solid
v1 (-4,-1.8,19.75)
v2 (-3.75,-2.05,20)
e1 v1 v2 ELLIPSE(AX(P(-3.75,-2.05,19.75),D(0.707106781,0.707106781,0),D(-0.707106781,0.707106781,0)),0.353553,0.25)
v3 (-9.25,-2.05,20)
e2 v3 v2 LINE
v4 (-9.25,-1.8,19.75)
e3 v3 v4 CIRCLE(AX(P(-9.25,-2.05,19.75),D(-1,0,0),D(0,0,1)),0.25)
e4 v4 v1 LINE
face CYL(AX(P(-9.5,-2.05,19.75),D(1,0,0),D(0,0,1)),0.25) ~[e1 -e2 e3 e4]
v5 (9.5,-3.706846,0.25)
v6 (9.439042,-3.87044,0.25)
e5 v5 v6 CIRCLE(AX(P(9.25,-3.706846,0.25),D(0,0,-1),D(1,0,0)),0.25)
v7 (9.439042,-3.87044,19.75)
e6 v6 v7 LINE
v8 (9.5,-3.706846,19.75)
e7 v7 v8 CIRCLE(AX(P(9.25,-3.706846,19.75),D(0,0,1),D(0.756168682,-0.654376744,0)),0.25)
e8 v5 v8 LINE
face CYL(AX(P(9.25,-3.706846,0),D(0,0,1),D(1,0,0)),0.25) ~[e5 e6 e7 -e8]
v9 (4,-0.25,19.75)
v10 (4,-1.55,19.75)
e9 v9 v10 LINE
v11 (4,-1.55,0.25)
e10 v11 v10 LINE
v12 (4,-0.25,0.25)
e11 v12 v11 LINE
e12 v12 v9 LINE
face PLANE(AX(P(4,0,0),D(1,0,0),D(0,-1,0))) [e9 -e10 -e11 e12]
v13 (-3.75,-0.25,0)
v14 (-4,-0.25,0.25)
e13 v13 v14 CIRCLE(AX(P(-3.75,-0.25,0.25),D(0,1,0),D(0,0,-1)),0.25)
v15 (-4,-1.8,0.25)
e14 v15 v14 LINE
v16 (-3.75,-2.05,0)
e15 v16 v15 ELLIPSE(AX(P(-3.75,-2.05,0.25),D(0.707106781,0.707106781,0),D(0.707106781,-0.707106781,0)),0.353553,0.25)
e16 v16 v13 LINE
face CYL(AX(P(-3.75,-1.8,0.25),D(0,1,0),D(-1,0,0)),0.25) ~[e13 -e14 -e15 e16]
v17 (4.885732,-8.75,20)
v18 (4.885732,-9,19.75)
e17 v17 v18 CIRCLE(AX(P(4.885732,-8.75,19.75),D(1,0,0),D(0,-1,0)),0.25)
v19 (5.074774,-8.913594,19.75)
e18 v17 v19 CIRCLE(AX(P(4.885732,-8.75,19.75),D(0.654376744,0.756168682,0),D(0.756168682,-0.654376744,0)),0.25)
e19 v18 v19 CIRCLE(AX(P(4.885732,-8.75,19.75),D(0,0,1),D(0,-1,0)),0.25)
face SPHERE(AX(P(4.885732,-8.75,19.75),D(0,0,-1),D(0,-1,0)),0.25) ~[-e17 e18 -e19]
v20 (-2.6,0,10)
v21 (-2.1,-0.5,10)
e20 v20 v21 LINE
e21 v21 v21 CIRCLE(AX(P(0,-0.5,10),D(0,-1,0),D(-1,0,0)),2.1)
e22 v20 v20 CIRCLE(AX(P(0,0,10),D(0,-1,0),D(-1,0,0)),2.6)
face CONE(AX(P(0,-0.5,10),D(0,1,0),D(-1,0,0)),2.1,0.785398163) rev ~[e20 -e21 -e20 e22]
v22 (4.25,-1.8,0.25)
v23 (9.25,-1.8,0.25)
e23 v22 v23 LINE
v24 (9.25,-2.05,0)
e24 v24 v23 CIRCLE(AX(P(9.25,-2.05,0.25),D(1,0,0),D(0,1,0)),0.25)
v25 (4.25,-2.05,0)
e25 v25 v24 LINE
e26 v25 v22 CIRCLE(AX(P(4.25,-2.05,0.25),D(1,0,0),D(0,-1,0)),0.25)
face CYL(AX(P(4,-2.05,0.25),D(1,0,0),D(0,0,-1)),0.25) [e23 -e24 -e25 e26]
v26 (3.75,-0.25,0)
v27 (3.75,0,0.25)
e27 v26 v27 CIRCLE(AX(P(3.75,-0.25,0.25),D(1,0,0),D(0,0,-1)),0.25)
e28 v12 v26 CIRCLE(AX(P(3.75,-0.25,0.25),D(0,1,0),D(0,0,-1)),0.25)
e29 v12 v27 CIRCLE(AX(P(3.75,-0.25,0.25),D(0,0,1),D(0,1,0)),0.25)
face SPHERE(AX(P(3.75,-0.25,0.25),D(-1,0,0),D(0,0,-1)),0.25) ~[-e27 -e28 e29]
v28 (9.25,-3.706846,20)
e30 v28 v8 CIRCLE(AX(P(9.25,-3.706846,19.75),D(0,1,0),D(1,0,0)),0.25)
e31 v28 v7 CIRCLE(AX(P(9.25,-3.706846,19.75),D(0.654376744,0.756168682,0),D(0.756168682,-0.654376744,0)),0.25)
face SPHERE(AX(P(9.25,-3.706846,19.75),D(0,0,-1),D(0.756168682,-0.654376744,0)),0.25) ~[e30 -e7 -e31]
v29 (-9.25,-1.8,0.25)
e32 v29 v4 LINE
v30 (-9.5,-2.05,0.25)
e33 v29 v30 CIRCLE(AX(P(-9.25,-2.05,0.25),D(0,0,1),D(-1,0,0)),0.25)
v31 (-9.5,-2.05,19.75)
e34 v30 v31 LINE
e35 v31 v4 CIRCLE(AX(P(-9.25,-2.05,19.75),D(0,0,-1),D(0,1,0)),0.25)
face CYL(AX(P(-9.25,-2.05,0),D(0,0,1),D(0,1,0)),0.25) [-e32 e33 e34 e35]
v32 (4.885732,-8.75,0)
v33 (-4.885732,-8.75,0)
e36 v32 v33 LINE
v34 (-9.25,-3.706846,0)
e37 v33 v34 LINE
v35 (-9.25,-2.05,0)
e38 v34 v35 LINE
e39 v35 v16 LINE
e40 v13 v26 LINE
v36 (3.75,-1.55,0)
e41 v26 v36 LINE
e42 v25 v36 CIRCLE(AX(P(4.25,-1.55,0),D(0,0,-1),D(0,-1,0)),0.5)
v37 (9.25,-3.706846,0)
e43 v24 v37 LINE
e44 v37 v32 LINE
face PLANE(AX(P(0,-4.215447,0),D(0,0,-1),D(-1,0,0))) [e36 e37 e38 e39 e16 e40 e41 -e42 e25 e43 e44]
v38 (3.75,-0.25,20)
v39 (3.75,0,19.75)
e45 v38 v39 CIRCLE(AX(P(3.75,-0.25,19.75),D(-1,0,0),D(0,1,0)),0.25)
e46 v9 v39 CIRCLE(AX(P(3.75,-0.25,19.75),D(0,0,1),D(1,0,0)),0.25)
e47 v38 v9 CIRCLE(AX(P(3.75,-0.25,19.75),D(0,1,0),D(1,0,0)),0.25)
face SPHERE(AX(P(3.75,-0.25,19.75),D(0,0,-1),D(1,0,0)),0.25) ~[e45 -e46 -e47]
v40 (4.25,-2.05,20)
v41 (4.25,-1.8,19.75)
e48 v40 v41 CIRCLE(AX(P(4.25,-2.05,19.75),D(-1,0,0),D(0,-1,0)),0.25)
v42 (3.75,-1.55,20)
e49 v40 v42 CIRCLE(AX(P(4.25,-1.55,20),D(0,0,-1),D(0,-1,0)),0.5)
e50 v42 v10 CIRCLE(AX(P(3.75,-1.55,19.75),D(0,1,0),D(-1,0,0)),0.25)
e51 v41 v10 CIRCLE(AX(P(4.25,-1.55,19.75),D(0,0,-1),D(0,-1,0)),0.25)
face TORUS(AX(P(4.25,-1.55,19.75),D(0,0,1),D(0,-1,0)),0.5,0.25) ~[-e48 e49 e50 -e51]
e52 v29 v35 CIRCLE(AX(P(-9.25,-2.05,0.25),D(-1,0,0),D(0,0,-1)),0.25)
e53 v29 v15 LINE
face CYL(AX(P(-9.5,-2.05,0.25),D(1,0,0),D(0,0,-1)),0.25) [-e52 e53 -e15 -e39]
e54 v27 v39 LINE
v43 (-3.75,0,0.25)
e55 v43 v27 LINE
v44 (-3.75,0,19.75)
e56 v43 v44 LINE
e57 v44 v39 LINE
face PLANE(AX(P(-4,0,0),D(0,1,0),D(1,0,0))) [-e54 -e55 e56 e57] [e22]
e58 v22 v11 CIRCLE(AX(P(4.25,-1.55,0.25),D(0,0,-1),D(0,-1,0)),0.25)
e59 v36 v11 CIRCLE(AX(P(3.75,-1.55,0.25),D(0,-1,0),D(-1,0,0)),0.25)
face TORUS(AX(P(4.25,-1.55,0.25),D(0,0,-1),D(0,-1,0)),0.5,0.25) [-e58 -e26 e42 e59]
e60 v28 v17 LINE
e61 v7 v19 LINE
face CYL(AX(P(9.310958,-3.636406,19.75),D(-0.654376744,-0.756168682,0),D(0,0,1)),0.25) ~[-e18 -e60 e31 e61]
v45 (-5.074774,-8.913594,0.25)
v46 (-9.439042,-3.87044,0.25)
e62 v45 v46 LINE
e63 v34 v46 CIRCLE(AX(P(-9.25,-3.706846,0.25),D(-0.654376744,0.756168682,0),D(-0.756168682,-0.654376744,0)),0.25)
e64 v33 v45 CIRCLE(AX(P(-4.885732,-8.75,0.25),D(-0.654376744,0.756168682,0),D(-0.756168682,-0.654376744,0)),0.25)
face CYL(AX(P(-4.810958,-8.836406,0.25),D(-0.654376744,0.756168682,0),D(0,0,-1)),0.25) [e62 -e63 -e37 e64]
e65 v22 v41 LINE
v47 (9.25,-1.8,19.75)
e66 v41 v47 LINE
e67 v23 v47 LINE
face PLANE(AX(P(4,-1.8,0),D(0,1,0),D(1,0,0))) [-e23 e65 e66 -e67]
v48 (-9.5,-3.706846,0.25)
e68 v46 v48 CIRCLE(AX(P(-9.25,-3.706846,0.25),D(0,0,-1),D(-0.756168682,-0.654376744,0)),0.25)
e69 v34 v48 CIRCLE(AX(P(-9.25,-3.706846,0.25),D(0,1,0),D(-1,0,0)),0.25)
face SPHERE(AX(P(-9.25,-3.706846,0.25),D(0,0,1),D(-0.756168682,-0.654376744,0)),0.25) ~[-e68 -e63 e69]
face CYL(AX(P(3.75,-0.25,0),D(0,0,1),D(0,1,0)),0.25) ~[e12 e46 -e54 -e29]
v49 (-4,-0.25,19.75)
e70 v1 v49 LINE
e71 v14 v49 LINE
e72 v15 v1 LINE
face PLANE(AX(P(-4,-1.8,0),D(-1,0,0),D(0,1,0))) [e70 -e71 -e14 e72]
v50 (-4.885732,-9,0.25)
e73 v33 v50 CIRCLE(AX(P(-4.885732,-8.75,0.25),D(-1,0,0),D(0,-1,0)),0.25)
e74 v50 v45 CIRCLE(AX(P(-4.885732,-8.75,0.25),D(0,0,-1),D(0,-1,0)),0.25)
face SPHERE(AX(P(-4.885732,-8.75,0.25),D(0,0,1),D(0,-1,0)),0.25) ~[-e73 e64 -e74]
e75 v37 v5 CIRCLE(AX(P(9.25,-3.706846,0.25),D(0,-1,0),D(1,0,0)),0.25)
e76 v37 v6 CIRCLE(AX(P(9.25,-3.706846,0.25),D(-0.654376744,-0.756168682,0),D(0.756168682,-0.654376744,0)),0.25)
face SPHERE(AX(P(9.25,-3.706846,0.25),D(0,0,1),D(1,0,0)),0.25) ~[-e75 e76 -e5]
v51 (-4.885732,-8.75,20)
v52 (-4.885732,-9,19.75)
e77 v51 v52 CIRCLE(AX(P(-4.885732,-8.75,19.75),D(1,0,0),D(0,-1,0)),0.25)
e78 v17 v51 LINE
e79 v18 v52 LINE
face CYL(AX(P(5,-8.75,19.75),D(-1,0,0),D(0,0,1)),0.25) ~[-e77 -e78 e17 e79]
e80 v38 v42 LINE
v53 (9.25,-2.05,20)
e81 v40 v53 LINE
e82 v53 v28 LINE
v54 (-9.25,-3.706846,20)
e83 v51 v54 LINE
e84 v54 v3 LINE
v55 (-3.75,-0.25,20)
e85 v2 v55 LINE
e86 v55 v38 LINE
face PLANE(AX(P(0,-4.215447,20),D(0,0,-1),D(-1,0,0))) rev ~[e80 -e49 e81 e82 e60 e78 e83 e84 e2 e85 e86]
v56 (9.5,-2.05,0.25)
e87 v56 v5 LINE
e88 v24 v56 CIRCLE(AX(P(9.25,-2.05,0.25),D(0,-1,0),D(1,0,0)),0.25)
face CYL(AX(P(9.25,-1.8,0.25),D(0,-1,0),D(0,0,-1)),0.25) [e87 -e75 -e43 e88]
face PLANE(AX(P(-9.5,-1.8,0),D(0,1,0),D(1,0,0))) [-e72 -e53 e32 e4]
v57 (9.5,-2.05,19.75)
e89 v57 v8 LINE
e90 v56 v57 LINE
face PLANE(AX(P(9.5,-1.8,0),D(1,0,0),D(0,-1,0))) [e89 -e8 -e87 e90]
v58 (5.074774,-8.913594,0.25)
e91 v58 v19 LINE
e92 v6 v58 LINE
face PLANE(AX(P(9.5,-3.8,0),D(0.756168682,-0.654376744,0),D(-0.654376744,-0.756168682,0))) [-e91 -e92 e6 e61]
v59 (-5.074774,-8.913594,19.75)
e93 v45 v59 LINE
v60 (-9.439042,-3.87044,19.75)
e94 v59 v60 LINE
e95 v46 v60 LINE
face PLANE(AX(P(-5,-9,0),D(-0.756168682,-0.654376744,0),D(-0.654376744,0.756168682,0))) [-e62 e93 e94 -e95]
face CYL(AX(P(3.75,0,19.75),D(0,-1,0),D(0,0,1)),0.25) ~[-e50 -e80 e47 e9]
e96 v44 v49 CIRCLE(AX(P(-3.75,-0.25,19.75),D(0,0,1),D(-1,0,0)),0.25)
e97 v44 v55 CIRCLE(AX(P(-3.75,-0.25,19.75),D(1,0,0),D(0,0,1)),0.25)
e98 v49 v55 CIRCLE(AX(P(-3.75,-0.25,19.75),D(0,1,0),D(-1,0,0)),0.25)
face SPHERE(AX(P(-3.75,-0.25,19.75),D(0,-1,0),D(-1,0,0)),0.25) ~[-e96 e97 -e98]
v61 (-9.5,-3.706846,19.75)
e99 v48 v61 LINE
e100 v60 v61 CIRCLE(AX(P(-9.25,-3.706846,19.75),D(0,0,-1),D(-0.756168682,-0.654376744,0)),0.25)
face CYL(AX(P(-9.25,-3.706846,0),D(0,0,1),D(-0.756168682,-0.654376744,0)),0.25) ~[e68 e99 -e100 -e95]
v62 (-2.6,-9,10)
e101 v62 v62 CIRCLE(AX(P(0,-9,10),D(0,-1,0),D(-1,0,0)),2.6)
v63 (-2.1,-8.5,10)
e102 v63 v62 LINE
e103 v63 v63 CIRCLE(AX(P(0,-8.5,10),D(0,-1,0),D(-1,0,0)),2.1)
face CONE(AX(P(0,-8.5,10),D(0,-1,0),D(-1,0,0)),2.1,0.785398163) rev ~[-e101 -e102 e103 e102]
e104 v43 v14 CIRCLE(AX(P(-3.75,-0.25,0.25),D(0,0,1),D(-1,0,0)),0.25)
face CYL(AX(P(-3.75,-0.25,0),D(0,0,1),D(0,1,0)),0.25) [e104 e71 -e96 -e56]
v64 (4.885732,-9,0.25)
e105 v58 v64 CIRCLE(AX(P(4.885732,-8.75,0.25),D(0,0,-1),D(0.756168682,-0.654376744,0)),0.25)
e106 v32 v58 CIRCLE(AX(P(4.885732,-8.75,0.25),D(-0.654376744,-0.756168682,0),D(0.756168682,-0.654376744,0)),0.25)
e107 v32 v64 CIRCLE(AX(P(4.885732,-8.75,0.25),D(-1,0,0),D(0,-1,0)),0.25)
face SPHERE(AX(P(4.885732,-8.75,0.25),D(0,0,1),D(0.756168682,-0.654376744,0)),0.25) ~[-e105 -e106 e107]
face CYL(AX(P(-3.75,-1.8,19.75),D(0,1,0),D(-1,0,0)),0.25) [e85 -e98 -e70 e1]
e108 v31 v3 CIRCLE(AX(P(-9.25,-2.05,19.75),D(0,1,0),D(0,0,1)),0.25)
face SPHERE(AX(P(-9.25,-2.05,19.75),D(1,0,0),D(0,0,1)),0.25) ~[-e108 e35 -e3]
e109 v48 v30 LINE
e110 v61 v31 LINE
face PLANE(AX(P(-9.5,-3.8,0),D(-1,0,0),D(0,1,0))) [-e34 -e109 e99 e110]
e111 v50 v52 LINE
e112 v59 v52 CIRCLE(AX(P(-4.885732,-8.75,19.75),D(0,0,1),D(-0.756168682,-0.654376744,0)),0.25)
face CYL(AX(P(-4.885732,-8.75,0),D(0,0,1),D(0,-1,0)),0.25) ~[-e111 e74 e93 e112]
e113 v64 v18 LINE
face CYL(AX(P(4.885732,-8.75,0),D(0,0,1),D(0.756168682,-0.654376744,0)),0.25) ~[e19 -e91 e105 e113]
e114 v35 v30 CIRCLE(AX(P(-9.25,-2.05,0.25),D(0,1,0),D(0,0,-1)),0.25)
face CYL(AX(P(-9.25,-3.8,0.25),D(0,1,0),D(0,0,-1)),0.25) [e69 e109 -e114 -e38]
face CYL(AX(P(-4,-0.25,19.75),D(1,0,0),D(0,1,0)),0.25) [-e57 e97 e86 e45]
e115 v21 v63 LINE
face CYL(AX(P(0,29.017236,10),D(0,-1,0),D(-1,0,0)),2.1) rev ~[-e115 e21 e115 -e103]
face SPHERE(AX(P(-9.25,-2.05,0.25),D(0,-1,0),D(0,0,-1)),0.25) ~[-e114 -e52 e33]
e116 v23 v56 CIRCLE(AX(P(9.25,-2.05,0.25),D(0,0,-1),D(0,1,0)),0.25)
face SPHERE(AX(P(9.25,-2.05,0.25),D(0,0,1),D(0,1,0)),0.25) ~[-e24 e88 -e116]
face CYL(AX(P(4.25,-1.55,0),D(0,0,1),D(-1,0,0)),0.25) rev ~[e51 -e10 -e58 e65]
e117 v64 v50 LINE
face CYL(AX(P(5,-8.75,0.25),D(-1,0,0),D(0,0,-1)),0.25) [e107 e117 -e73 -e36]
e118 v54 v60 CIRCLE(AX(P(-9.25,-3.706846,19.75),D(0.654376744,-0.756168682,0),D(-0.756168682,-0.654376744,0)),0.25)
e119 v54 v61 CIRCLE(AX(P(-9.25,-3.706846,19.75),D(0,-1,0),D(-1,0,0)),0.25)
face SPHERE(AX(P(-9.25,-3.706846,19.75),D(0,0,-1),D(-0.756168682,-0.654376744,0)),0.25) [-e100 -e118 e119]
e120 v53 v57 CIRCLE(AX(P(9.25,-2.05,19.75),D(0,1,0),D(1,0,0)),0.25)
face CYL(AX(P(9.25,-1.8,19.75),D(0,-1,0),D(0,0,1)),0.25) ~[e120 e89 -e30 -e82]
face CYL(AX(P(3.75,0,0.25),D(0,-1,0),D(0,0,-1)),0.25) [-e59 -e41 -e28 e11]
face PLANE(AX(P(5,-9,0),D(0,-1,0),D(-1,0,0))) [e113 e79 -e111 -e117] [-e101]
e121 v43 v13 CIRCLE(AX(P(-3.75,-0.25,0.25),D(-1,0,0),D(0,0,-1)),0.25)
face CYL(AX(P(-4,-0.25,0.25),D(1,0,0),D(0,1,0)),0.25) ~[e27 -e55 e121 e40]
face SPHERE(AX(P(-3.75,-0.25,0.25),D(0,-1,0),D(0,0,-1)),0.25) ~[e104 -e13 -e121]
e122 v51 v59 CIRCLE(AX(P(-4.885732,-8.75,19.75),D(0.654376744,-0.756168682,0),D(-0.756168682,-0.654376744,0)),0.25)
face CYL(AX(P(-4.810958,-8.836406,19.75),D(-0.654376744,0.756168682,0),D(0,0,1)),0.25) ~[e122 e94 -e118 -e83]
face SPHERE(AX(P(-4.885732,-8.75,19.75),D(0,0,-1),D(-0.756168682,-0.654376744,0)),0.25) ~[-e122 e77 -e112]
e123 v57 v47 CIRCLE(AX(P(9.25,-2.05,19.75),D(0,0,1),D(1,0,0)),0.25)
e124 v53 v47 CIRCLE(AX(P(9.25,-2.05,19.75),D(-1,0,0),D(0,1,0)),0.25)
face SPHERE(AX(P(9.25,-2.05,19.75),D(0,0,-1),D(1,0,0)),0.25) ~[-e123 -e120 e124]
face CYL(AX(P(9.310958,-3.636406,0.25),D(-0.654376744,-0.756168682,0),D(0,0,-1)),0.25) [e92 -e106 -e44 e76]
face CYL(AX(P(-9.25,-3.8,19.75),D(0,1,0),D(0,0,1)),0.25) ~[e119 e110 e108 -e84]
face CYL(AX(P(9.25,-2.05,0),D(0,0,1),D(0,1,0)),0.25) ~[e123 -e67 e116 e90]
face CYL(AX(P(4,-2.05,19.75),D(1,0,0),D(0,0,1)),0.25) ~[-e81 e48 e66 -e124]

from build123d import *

# Parameters (mm, degrees)
BOSS_EXTRUDE1_DEPTH   = 20
M5X0_8_TAPPED_HOLE1_D = 4.2
CHAMFER1_SIZE         = 0.5
FILLET1_R             = 0.25


with BuildPart() as part:
    # Sketch1 → Boss-Extrude1 (new body)
    with BuildSketch(Plane.XY):
        Polygon((-4, 0), (4, 0), (4, -1.8), (9.5, -1.8), (9.5, -3.8), (5, -9), (-5, -9), (-9.5, -3.8), (-9.5, -1.8), (-4, -1.8), align=None)
    extrude(amount=BOSS_EXTRUDE1_DEPTH)

    # M5x0.8 Tapped Hole1 (through all)
    with Locations(Plane(origin=(0, 0, 0), x_dir=(1, 0, 0), z_dir=(0, 1, 0))):
        with Locations((0, -10)):
            Hole(M5X0_8_TAPPED_HOLE1_D / 2)

    # Chamfer1
    chamfer1_edges = [part.edges().sort_by_distance(p)[0] for p in [
        (2.1, 0, 10),
        (2.1, -9, 10),
    ]]
    chamfer(chamfer1_edges, length=CHAMFER1_SIZE)

    # Fillet1
    fillet1_edges = [part.edges().sort_by_distance(p)[0] for p in [
        (-4, -0.9, 20),
        (7.25, -6.4, 0),
        (0, -9, 0),
        (-7.25, -6.4, 0),
        (-9.5, -2.8, 0),
        (-6.75, -1.8, 0),
        (-4, -0.9, 0),
        (0, 0, 0),
        (4, -0.9, 0),
        (-6.75, -1.8, 20),
        (-9.5, -2.8, 20),
        (4, -1.8, 10),
        (9.5, -1.8, 10),
        (9.5, -3.8, 10),
        (5, -9, 10),
        (-5, -9, 10),
        (-9.5, -3.8, 10),
        (-9.5, -1.8, 10),
        (-4, 0, 10),
        (4, 0, 10),
        (-7.25, -6.4, 20),
        (0, -9, 20),
        (7.25, -6.4, 20),
        (9.5, -2.8, 20),
        (6.75, -1.8, 20),
        (4, -0.9, 20),
        (0, 0, 20),
        (6.75, -1.8, 0),
        (9.5, -2.8, 0),
    ]]
    fillet(fillet1_edges, radius=FILLET1_R)


solid = part.part
